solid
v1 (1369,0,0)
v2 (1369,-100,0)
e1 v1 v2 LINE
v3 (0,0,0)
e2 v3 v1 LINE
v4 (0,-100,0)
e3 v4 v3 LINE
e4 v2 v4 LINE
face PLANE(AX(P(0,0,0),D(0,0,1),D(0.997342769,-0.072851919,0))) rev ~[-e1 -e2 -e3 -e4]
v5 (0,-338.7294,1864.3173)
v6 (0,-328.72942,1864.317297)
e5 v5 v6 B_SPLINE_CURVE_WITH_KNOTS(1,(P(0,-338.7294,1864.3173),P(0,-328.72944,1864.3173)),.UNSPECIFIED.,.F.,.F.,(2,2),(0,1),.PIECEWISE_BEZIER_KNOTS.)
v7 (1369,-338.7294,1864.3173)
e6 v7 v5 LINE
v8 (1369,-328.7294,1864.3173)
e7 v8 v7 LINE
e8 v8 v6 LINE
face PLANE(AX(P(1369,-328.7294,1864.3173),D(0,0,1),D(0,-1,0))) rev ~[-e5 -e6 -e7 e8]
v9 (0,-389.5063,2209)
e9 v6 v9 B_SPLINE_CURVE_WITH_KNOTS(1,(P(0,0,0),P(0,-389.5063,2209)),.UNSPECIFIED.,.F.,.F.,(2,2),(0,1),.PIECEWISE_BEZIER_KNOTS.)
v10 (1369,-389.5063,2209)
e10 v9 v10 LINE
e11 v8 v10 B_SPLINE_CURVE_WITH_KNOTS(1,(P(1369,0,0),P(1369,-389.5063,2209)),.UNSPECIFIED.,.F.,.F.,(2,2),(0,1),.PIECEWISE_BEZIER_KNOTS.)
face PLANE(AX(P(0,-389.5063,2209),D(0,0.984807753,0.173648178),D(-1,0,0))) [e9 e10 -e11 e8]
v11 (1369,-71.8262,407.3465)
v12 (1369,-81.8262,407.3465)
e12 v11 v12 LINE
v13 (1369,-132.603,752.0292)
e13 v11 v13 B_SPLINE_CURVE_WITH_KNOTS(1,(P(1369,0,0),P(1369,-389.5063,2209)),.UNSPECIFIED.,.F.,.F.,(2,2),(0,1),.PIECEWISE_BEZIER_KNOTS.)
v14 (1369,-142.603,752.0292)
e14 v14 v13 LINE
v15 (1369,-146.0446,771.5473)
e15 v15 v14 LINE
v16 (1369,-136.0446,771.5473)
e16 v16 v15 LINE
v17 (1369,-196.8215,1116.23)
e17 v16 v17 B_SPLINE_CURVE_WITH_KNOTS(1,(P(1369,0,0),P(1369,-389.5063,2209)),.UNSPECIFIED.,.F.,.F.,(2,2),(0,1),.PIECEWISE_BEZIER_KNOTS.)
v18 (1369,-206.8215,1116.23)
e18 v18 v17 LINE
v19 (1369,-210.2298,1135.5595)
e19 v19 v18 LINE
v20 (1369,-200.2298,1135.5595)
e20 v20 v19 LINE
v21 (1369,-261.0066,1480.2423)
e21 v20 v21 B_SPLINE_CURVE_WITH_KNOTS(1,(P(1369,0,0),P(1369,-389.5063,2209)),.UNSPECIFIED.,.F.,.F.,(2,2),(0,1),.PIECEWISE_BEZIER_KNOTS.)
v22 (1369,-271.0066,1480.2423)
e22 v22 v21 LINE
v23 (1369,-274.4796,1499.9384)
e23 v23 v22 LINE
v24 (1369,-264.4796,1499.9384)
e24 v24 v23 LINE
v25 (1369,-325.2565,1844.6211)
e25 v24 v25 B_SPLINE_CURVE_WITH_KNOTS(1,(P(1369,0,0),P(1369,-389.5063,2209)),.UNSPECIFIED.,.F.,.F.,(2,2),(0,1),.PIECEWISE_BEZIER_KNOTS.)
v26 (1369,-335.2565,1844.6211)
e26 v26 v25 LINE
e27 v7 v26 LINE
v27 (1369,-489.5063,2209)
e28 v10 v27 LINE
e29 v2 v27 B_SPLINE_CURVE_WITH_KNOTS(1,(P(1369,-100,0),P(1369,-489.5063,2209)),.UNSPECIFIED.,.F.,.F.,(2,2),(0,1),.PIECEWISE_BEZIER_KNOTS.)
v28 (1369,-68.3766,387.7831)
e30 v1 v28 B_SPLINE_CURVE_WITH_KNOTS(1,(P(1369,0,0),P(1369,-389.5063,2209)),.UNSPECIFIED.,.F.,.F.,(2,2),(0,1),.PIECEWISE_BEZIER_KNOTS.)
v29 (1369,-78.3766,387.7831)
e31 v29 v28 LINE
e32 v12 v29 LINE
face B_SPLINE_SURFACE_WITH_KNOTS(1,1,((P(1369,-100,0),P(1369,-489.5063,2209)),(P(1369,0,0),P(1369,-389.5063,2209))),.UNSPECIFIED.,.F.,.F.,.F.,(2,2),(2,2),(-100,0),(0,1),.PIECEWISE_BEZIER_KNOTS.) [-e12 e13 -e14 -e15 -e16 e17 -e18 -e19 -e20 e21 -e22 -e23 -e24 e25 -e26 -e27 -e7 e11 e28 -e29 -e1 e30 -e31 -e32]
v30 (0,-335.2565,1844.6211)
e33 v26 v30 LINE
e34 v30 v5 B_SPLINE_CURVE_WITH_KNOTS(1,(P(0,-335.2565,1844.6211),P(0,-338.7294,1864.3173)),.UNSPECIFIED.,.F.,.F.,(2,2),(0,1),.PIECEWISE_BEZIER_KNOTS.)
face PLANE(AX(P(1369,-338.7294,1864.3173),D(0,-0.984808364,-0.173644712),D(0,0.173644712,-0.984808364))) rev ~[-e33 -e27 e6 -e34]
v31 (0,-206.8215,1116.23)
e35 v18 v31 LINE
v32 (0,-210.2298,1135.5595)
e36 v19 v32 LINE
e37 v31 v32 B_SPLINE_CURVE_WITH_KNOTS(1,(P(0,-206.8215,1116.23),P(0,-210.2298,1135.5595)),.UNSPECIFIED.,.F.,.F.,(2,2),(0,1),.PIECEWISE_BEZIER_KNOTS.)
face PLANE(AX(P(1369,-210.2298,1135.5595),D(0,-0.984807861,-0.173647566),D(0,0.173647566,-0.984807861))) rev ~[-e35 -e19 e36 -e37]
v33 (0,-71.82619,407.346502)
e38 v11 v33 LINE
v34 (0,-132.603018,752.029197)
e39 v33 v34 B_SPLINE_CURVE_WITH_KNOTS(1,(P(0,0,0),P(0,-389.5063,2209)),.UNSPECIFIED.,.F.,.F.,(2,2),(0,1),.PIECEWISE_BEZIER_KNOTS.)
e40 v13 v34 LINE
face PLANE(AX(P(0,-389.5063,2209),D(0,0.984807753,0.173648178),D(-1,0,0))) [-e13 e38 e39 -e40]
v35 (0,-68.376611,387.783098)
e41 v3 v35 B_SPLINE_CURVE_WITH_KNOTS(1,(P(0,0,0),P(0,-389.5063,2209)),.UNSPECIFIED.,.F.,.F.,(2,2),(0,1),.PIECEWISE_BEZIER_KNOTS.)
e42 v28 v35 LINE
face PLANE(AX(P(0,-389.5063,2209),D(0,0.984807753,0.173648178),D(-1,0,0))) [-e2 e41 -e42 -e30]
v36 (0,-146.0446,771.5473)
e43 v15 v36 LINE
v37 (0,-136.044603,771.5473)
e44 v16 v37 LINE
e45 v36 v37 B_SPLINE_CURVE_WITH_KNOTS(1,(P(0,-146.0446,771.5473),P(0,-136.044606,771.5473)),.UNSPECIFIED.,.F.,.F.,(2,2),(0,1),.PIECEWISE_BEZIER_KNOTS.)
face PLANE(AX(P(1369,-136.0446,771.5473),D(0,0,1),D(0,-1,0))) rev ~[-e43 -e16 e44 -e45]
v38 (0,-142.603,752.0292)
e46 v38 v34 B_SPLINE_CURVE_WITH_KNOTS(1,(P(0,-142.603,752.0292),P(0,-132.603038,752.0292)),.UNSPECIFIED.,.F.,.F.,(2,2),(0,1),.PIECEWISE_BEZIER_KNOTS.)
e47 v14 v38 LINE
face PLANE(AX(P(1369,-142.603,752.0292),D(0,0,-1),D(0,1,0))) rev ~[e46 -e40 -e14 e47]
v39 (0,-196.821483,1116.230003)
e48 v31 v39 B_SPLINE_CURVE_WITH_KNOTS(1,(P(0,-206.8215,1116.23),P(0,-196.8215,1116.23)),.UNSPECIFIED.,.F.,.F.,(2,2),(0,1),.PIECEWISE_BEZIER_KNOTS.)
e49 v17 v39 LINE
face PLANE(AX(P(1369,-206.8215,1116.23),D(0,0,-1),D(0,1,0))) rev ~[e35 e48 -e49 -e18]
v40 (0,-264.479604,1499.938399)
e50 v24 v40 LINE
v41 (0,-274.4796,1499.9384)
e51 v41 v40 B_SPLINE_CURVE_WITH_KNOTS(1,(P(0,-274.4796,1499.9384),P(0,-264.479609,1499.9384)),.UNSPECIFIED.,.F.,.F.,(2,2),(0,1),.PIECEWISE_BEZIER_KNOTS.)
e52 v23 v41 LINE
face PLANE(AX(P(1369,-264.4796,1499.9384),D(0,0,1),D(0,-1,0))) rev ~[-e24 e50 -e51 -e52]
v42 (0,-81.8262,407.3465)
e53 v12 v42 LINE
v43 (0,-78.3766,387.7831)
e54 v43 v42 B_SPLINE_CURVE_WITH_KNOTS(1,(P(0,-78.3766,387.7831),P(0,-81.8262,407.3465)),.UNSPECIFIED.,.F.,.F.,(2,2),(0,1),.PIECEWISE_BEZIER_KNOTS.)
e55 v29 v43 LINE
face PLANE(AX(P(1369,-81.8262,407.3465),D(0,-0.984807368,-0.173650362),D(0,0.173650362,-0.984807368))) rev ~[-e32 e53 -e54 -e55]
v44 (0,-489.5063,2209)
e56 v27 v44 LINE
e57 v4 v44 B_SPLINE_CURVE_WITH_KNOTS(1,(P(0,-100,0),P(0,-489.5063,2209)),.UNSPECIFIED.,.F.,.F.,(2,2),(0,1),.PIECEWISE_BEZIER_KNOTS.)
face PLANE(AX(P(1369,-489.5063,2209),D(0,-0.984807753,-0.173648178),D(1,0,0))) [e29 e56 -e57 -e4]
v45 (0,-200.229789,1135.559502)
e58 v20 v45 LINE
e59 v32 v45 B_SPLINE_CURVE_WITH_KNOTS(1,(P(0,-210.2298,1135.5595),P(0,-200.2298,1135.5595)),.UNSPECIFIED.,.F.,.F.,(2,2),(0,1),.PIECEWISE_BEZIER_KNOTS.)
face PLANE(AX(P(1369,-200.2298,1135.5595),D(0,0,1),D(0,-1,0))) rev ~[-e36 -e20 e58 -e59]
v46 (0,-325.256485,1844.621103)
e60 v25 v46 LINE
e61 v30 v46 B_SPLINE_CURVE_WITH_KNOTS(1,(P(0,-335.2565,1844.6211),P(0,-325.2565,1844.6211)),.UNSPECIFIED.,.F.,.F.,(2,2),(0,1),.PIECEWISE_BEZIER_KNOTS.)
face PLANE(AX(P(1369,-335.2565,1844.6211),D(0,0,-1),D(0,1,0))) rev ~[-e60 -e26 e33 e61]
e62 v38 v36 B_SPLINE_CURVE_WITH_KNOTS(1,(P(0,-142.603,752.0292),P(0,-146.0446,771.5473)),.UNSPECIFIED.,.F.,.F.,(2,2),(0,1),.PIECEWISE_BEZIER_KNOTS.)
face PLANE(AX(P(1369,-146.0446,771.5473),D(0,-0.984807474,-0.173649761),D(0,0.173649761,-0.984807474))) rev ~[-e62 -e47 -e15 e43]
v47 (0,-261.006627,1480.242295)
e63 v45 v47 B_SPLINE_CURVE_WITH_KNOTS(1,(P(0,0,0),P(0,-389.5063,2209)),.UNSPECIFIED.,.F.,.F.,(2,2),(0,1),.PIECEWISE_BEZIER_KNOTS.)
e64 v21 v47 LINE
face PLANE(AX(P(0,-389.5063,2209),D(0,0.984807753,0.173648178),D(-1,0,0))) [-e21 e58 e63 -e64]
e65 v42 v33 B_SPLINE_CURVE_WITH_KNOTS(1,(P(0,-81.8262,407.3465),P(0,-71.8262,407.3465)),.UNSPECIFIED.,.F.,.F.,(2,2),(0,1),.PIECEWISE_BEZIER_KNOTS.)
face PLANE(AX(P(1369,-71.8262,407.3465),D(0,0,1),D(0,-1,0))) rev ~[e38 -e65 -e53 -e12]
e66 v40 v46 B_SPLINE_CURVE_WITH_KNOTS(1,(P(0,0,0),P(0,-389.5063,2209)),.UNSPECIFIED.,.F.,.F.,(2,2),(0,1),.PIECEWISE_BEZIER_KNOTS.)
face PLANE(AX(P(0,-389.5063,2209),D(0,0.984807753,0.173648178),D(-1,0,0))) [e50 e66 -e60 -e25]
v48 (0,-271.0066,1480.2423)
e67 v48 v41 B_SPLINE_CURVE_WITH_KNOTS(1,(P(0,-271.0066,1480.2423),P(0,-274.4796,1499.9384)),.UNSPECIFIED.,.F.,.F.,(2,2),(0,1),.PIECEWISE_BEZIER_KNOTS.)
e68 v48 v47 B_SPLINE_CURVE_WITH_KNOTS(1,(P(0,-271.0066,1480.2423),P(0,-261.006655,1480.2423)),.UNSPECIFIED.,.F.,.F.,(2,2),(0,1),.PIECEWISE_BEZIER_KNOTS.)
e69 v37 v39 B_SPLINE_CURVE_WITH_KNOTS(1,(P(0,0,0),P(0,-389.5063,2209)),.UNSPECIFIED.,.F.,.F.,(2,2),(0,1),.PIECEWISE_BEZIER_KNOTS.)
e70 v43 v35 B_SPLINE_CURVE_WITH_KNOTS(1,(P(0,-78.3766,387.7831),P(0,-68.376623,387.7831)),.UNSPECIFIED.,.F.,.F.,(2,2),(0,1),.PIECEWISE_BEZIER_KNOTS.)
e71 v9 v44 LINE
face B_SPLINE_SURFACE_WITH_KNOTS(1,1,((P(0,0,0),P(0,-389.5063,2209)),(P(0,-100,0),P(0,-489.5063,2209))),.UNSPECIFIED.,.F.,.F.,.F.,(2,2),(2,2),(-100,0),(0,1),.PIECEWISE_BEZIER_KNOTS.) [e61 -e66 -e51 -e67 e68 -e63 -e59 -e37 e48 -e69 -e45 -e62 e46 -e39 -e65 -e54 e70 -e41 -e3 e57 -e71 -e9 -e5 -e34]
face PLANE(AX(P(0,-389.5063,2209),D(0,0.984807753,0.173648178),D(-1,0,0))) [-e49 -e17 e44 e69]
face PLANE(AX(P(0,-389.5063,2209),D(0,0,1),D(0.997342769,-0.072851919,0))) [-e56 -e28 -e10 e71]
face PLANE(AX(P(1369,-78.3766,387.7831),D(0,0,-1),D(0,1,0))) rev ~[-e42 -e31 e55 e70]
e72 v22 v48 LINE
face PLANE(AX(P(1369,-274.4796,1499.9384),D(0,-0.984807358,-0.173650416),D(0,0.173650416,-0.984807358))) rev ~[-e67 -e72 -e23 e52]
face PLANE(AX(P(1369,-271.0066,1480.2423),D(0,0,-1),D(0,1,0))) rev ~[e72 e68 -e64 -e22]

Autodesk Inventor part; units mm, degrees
ref_plane "YZ Plane" through (0, 0, 0) normal (1, 0, 0) x (0, 1, 0)
ref_plane "Work Plane2" through (0, 0, 2209) normal (0, 0, 1) x (1, 0, 0)
ref_plane "Work Plane1" through (0, 0, 0) normal (0, 0, 1) x (1, 0, 0)
sketch "Sketch1" plane through (0, 0, 0) normal (0, 0, 1) x (1, 0, 0)
  line L0 (0, 0) -> (1369, 0)
  line L1 (1369, 0) -> (1369, -100)
  line L2 (1369, -100) -> (0, -100)
  line L3 (0, -100) -> (0, 0)
  dimension "d2" = 1369
  dimension "d3" = 100
sketch "Sketch2" plane through (0, 0, 2209) normal (0, 0, 1) x (1, 0, 0)
  line L0 (0, -100) -> (0, 0) projected
  line L1 (1369, 0) -> (1369, -100) projected
ref_plane "Work Plane3" through (0, -100, 0) normal (1, 0, 0) x (0, 1, 0)
sketch "Sketch3" plane through (0, -100, 0) normal (1, 0, 0) x (0, 1, 0)
  line L0 (0, 2209) -> (100, 2209) projected
  line L1 (0, 0) -> (100, 0) construction
  line L2 (100, 0) -> (-289.5063, 2209)
  line L3 (100, 0) -> (2343.0774, 0) construction
  line L4 (-289.5063, 2209) -> (-389.5063, 2209)
  line L5 (-389.5063, 2209) -> (0, 0)
  dimension "d4" = 100
  dimension "d5" = 100
sketch "Sketch4" plane through (0, 0, 2209) normal (0, 0, 1) x (1, 0, 0)
  line L0 (0, -389.5063) -> (0, -489.5063) projected
  line L1 (1369, 0) -> (1369, -100) projected
  line L2 (0, -389.5063) -> (1369, -389.5063)
  line L3 (1369, -389.5063) -> (1369, -489.5063)
  line L4 (1369, -489.5063) -> (0, -489.5063)
  line L5 (0, -489.5063) -> (0, -389.5063)
  point P0 (0, 0)
loft "Loft1" add profiles "Sketch1", "Sketch4"
sketch "Sketch5" plane through (1369, -100, 0) normal (1, 0, 0) x (0, 0, -1)
  line L0 (0, 100) -> (0, 0) projected
  line L1 (0, 100) -> (-2209, -289.5063) projected
  line L2 (-2209, -289.5063) -> (-2209, -389.5063) projected
  line L3 (0, 0) -> (-2209, -389.5063) projected
  line L4 (-2209, -289.5063) -> (-1864.3173, -228.7294)
  line L5 (0, 100) -> (-2209, -289.5063) projected
  line L6 (-1864.3173, -228.7294) -> (-1864.3173, -238.7294)
  line L7 (-1864.3173, -238.7294) -> (-1844.6211, -235.2565)
  line L8 (-1844.6211, -235.2565) -> (-1844.6211, -225.2565)
  line L9 (-1844.6211, -225.2565) -> (-1499.9384, -164.4796)
  line L10 (-1499.9384, -164.4796) -> (-1499.9384, -174.4796)
  line L11 (-1499.9384, -174.4796) -> (-1480.2423, -171.0066)
  line L12 (-1480.2423, -171.0066) -> (-1480.2423, -161.0066)
  line L13 (-1480.2423, -161.0066) -> (-1135.5595, -100.2298)
  line L14 (-1135.5595, -100.2298) -> (-1135.5595, -110.2298)
  line L15 (-1135.5595, -110.2298) -> (-1116.23, -106.8215)
  line L16 (-1116.23, -106.8215) -> (-1116.23, -96.8215)
  line L17 (-1116.23, -96.8215) -> (-771.5473, -36.0446)
  line L18 (-771.5473, -36.0446) -> (-771.5473, -46.0446)
  line L19 (-771.5473, -46.0446) -> (-752.0292, -42.603)
  line L20 (-752.0292, -42.603) -> (-752.0292, -32.603)
  line L21 (-752.0292, -32.603) -> (-407.3465, 28.1738)
  line L22 (-407.3465, 28.1738) -> (-407.3465, 18.1738)
  line L23 (-407.3465, 18.1738) -> (-387.7831, 21.6234)
  line L24 (-387.7831, 21.6234) -> (-387.7831, 31.6234)
  line L25 (-387.7831, 31.6234) -> (0, 100)
  line L26 (-387.7831, 31.6234) -> (-1864.3173, -228.7294)
  point P0 (-771.5473, -36.0446)
  point P1 (-1135.5595, -100.2298)
  dimension "d10" = 350
  dimension "d11" = 10
  dimension "d12" = 20
  dimension "d13" = 350
  dimension "d14" = 20
  dimension "d15" = 350
  dimension "d16" = 350
  dimension "d17" = 350
extrude "Extrusion1" cut sketch "Sketch5" against normal through all contours L24 L23 L22 L1 | L20 L19 L18 L1 | L1 L8 L7 L6 | L16 L15 L14 L1 | L1 L12 L11 L10
properties part number "eave_panel_01" material "Wood (Maple)"
